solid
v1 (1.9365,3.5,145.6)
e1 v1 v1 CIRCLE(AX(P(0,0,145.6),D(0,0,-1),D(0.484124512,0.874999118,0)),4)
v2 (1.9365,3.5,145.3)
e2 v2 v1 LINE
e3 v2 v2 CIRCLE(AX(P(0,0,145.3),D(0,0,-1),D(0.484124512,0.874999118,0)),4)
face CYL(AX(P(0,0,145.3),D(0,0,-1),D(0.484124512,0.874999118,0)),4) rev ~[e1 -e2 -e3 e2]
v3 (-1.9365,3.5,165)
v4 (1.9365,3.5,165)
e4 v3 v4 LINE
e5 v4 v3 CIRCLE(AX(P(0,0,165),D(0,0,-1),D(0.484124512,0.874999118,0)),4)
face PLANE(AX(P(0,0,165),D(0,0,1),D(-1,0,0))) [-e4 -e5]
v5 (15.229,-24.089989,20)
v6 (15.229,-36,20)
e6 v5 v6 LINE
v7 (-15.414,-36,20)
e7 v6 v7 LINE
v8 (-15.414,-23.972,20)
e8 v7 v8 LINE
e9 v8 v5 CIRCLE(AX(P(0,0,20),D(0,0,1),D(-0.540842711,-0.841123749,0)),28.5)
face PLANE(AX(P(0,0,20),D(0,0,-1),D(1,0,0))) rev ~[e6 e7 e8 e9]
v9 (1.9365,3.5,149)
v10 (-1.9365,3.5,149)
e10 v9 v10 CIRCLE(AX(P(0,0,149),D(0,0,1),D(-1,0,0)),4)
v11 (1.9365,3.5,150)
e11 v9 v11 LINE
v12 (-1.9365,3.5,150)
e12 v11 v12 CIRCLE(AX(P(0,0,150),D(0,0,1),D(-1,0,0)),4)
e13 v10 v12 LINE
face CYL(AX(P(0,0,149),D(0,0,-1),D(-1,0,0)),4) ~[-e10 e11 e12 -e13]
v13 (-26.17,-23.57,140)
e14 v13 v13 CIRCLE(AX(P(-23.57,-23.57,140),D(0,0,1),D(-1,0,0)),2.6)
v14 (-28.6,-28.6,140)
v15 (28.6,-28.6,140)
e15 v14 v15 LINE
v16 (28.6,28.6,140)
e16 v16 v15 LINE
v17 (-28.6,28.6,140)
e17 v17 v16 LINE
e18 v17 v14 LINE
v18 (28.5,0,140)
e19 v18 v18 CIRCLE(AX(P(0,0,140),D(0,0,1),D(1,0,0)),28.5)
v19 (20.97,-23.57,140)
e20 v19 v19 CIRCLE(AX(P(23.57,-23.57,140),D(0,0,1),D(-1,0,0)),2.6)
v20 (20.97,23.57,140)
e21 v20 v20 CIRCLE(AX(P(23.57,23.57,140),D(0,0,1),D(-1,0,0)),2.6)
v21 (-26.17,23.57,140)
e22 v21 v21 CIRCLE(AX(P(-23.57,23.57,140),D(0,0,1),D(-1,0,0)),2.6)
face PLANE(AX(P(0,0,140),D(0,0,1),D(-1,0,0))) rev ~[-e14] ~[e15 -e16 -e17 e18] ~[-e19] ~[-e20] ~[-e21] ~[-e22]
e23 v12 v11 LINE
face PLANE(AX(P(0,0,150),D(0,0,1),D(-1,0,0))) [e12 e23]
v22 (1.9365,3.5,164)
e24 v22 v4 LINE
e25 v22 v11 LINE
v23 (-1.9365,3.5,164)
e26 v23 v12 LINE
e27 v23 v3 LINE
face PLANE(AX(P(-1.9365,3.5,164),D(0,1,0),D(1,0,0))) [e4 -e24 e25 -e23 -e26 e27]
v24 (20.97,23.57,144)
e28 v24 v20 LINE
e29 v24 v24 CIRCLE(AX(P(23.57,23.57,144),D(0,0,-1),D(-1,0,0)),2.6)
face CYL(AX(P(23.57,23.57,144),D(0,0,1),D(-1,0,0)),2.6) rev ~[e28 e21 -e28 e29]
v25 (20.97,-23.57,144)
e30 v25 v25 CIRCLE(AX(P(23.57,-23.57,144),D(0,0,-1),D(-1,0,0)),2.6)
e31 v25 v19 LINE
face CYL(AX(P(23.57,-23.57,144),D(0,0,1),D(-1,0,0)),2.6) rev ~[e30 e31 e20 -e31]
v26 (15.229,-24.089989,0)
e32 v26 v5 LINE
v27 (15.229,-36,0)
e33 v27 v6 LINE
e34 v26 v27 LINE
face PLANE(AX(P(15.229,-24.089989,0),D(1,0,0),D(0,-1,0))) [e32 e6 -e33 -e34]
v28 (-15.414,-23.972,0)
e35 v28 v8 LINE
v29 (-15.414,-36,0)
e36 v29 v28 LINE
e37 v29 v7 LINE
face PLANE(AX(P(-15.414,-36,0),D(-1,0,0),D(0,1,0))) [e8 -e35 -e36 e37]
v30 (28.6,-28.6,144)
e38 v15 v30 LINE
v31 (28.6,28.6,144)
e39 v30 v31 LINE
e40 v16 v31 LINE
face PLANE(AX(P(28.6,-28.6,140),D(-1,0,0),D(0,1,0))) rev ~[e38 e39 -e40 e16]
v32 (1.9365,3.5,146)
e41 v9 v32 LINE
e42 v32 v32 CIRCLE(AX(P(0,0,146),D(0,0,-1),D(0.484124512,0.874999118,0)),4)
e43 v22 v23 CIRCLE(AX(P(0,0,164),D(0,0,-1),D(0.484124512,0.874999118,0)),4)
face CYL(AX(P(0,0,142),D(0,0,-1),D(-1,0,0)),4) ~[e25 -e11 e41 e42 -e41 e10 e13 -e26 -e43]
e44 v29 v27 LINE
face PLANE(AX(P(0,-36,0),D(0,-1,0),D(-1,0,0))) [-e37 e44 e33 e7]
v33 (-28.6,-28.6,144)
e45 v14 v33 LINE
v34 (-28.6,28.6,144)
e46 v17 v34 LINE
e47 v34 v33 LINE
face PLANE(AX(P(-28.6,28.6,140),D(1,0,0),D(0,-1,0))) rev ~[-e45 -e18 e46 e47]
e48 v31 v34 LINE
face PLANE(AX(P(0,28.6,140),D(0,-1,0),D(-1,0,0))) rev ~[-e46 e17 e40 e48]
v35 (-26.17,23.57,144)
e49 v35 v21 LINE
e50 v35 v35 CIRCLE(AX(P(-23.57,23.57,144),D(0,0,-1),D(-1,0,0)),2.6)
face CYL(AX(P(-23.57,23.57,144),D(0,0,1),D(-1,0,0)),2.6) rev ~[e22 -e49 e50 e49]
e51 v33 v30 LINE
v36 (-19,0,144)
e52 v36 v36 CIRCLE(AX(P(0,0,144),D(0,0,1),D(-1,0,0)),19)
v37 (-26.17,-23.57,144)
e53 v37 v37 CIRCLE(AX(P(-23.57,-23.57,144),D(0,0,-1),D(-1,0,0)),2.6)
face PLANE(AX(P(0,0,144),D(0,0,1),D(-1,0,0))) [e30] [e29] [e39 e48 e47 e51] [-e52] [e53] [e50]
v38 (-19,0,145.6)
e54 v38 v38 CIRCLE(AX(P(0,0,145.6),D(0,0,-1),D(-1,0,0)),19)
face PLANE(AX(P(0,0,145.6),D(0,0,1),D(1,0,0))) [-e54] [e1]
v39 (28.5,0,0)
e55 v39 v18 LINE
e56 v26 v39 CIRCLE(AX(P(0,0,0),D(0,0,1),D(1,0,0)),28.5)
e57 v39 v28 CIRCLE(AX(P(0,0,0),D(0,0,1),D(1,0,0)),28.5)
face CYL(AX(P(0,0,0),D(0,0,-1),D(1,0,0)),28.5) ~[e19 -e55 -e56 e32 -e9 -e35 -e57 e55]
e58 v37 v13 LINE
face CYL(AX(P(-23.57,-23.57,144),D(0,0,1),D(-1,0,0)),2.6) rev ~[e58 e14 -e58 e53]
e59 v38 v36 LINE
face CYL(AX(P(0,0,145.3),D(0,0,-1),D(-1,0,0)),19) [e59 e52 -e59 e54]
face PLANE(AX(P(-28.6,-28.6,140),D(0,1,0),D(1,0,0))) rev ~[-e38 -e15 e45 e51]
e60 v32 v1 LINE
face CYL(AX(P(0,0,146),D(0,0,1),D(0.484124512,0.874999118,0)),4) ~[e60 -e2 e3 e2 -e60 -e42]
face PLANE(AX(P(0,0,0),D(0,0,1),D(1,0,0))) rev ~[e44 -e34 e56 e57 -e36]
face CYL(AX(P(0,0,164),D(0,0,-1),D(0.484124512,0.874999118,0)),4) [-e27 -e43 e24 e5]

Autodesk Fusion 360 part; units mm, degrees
sketch "Sketch5" plane through (0, 0, 0) normal (0, 0, 1) x (1, 0, 0)
  circle A0 centre (0, 0) radius 28.5
  dimension "d16" = 57
extrude "Extrude5" add sketch "Sketch5" along normal blind 140
sketch "Sketch6" plane through (0, 0, 0) normal (0, 0, -1) x (1, 0, 0)
  circle A0 centre (0, 0) radius 28.5
  line L0 (0, 0) -> (0, 36)
  line L1 (0, 36) -> (-15.414, 36)
  line L2 (-15.414, 36) -> (-15.414, 23.972)
  line L3 (-15.414, 23.972) -> (0, 23.972)
  line L4 (0, 23.972) -> (0, 36)
  line L5 (-15.414, 23.972) -> (15.229, 23.972)
  line L6 (15.229, 23.972) -> (15.229, 36)
  line L7 (15.229, 36) -> (-15.414, 36)
  line L8 (-15.414, 36) -> (-15.414, 23.972)
  dimension "d19" = 36
extrude "Extrude6" add sketch "Sketch6" against normal blind 20 contours A0 L0 L1 L2 L4 L7 L8 | A0 L0 L4 L6 L7
sketch "Sketch7" plane through (0, 0, 140) normal (0, 0, 1) x (-1, 0, 0)
  circle A0 centre (0, 0) radius 28.5
  circle A1 centre (0, 0) radius 12.7
  dimension "d22" = 25.4
extrude "Extrude7" add sketch "Sketch7" along normal blind 2 contours A1
sketch "Sketch8" plane through (0, 0, 142) normal (0, 0, 1) x (-1, 0, 0)
  circle A0 centre (0, 0) radius 12.7
  circle A1 centre (0, 0) radius 4
  dimension "d25" = 8
extrude "Extrude8" add sketch "Sketch8" along normal blind 33 contours A1
sketch "Sketch9" plane through (0, 0, 175) normal (0, 0, 1) x (-1, 0, 0)
  circle A0 centre (0, 0) radius 4
  line L0 (0, 0) -> (0, 4)
  line L1 (0, 4) -> (0, -3.5)
  line L2 (0, -3.5) -> (1.9365, -3.5)
  line L3 (-1.9365, -3.5) -> (0.1996, -3.5)
  dimension "d28" = 7.5
extrude "Extrude9" cut sketch "Sketch9" against normal blind 33 contours A0 L2 L3
sketch "Sketch10" plane through (0, 0, 140) normal (0, 0, 1) x (-1, 0, 0)
  circle A0 centre (0, 0) radius 12.7
  circle A1 centre (0, 0) radius 28.5
  circle A2 centre (0, 0) radius 19.44
  line L0 (0, 0) -> (-13.7462, 13.7462)
  line L1 (0, 0) -> (19.44, 0) construction
  line L2 (-13.7462, 13.7462) -> (13.7462, -13.7462)
  line L3 (0, 0) -> (-13.7462, -13.7462)
  line L4 (0, 0) -> (13.7462, 13.7462)
  dimension "d31" = 38.88
  dimension "d32" = 135
extrude "Extrude10" cut 1 faces at (-0.3164, 6.5548, 142) along direction (0, 0, -1) blind 2
extrude "Extrude11" cut 1 faces at (0, 1, 175) along direction (0, 0, -1) blind 11
sketch "Sketch11" plane through (0, 0, 140) normal (0, 0, 1) x (-1, 0, 0)
  arc A0 (1.9365, -3.5) -> (-1.9365, -3.5) centre (0, 0) ccw
  line L0 (1.9365, -3.5) -> (-1.9365, -3.5)
  circle A1 centre (0, 0) radius 28.5
  circle A2 centre (0, 0) radius 4
  line L1 (-1.9365, -3.5) -> (1.9365, -3.5)
extrude "Extrude12" add sketch "Sketch11" along normal blind 9 contours L0 A2 L1
sketch "Sketch12" plane through (0, 0, 140) normal (0, 0, 1) x (-1, 0, 0)
  circle A0 centre (0, 0) radius 28.5
  circle A1 centre (0, 0) radius 4
  line L0 (0, 0) -> (-28.6, 0)
  line L1 (-28.6, 0) -> (-28.6, -28.6)
  line L2 (-28.6, -28.6) -> (0, -28.6)
  line L3 (0, -28.6) -> (0, 0)
  line L4 (-28.6, -28.6) -> (28.6, -28.6)
  line L5 (28.6, -28.6) -> (28.6, 28.6)
  line L6 (28.6, 28.6) -> (-28.6, 28.6)
  line L7 (-28.6, 28.6) -> (-28.6, -28.6)
  circle A2 centre (0, 0) radius 19
  dimension "d42" = 28.6
  dimension "d43" = 28.6
  dimension "d44" = 57.2
  dimension "d45" = 57.2
  dimension "d46" = 38
extrude "Extrude13" add sketch "Sketch12" along normal blind 4 contours A0 L0 L3 A2 | A0 L0 L3 L4 L5 L6 L7 | A0 L0 L3 A2 | A0 L0 L1 L2 L3 L4 L7
sketch "Sketch13" plane through (0, 0, 144) normal (0, 0, 1) x (-1, 0, 0)
  circle A0 centre (0, 0) radius 19
  line L0 (-28.6, 28.6) -> (-28.6, -28.6)
  line L1 (-28.6, -28.6) -> (28.6, -28.6)
  line L2 (28.6, -28.6) -> (28.6, 28.6)
  line L3 (28.6, 28.6) -> (-28.6, 28.6)
  line L4 (0, 0) -> (23.57, 0)
  line L5 (23.57, 0) -> (23.57, -23.57)
  line L6 (23.57, -23.57) -> (0, -23.57)
  line L7 (0, -23.57) -> (0, 0)
  line L8 (23.57, -23.57) -> (-23.57, -23.57)
  line L9 (-23.57, -23.57) -> (-23.57, 23.57)
  line L10 (-23.57, 23.57) -> (23.57, 23.57)
  line L11 (23.57, 23.57) -> (23.57, -23.57)
  circle A1 centre (23.57, -23.57) radius 2.6
  circle A2 centre (23.57, 23.57) radius 2.6
  circle A3 centre (-23.57, 23.57) radius 2.6
  circle A4 centre (-23.57, -23.57) radius 2.6
  dimension "d49" = 23.57
  dimension "d50" = 23.57
  dimension "d51" = 47.14
  dimension "d52" = 47.14
  dimension "d53" = 5.2
  dimension "d54" = 5.2
  dimension "d55" = 5.2
  dimension "d56" = 5.2
extrude "Extrude14" cut sketch "Sketch13" against normal blind 12 contours L5 L6 L8 L11 A1 | L5 L6 L8 L11 A1 | L10 L11 A2 | L10 L11 A2 | L8 L9 A4 | L8 L9 A4 | L9 L10 A3 | L9 L10 A3
extrude "Extrude15" add 1 faces at (0, -13.9646, 140) along direction (0, 0, 1) blind 6
extrude "Extrude16" cut 1 faces at (-13.9178, 1.1186, 146) along direction (0, 0, -1) blind 0.7
extrude "Extrude17" add 1 faces at (-13.9178, 1.1186, 145.3) along direction (0, 0, 1) blind 0.3
extrude "Extrude18" add 1 faces at (0, 1, 164) along direction (0, 0, 1) blind 1
extrude "Extrude19" add 1 faces at (-0.4709, 3.5807, 149) along direction (0, 0, 1) blind 1
equation "d42 = ( 57.2 / 2 ) * 1 mm"
equation "d43 = ( 57.2 / 2 ) * 1 mm"
equation "d49 = ( 47.14 / 2 ) * 1 mm"
equation "d50 = ( 47.14 / 2 ) * 1 mm"
